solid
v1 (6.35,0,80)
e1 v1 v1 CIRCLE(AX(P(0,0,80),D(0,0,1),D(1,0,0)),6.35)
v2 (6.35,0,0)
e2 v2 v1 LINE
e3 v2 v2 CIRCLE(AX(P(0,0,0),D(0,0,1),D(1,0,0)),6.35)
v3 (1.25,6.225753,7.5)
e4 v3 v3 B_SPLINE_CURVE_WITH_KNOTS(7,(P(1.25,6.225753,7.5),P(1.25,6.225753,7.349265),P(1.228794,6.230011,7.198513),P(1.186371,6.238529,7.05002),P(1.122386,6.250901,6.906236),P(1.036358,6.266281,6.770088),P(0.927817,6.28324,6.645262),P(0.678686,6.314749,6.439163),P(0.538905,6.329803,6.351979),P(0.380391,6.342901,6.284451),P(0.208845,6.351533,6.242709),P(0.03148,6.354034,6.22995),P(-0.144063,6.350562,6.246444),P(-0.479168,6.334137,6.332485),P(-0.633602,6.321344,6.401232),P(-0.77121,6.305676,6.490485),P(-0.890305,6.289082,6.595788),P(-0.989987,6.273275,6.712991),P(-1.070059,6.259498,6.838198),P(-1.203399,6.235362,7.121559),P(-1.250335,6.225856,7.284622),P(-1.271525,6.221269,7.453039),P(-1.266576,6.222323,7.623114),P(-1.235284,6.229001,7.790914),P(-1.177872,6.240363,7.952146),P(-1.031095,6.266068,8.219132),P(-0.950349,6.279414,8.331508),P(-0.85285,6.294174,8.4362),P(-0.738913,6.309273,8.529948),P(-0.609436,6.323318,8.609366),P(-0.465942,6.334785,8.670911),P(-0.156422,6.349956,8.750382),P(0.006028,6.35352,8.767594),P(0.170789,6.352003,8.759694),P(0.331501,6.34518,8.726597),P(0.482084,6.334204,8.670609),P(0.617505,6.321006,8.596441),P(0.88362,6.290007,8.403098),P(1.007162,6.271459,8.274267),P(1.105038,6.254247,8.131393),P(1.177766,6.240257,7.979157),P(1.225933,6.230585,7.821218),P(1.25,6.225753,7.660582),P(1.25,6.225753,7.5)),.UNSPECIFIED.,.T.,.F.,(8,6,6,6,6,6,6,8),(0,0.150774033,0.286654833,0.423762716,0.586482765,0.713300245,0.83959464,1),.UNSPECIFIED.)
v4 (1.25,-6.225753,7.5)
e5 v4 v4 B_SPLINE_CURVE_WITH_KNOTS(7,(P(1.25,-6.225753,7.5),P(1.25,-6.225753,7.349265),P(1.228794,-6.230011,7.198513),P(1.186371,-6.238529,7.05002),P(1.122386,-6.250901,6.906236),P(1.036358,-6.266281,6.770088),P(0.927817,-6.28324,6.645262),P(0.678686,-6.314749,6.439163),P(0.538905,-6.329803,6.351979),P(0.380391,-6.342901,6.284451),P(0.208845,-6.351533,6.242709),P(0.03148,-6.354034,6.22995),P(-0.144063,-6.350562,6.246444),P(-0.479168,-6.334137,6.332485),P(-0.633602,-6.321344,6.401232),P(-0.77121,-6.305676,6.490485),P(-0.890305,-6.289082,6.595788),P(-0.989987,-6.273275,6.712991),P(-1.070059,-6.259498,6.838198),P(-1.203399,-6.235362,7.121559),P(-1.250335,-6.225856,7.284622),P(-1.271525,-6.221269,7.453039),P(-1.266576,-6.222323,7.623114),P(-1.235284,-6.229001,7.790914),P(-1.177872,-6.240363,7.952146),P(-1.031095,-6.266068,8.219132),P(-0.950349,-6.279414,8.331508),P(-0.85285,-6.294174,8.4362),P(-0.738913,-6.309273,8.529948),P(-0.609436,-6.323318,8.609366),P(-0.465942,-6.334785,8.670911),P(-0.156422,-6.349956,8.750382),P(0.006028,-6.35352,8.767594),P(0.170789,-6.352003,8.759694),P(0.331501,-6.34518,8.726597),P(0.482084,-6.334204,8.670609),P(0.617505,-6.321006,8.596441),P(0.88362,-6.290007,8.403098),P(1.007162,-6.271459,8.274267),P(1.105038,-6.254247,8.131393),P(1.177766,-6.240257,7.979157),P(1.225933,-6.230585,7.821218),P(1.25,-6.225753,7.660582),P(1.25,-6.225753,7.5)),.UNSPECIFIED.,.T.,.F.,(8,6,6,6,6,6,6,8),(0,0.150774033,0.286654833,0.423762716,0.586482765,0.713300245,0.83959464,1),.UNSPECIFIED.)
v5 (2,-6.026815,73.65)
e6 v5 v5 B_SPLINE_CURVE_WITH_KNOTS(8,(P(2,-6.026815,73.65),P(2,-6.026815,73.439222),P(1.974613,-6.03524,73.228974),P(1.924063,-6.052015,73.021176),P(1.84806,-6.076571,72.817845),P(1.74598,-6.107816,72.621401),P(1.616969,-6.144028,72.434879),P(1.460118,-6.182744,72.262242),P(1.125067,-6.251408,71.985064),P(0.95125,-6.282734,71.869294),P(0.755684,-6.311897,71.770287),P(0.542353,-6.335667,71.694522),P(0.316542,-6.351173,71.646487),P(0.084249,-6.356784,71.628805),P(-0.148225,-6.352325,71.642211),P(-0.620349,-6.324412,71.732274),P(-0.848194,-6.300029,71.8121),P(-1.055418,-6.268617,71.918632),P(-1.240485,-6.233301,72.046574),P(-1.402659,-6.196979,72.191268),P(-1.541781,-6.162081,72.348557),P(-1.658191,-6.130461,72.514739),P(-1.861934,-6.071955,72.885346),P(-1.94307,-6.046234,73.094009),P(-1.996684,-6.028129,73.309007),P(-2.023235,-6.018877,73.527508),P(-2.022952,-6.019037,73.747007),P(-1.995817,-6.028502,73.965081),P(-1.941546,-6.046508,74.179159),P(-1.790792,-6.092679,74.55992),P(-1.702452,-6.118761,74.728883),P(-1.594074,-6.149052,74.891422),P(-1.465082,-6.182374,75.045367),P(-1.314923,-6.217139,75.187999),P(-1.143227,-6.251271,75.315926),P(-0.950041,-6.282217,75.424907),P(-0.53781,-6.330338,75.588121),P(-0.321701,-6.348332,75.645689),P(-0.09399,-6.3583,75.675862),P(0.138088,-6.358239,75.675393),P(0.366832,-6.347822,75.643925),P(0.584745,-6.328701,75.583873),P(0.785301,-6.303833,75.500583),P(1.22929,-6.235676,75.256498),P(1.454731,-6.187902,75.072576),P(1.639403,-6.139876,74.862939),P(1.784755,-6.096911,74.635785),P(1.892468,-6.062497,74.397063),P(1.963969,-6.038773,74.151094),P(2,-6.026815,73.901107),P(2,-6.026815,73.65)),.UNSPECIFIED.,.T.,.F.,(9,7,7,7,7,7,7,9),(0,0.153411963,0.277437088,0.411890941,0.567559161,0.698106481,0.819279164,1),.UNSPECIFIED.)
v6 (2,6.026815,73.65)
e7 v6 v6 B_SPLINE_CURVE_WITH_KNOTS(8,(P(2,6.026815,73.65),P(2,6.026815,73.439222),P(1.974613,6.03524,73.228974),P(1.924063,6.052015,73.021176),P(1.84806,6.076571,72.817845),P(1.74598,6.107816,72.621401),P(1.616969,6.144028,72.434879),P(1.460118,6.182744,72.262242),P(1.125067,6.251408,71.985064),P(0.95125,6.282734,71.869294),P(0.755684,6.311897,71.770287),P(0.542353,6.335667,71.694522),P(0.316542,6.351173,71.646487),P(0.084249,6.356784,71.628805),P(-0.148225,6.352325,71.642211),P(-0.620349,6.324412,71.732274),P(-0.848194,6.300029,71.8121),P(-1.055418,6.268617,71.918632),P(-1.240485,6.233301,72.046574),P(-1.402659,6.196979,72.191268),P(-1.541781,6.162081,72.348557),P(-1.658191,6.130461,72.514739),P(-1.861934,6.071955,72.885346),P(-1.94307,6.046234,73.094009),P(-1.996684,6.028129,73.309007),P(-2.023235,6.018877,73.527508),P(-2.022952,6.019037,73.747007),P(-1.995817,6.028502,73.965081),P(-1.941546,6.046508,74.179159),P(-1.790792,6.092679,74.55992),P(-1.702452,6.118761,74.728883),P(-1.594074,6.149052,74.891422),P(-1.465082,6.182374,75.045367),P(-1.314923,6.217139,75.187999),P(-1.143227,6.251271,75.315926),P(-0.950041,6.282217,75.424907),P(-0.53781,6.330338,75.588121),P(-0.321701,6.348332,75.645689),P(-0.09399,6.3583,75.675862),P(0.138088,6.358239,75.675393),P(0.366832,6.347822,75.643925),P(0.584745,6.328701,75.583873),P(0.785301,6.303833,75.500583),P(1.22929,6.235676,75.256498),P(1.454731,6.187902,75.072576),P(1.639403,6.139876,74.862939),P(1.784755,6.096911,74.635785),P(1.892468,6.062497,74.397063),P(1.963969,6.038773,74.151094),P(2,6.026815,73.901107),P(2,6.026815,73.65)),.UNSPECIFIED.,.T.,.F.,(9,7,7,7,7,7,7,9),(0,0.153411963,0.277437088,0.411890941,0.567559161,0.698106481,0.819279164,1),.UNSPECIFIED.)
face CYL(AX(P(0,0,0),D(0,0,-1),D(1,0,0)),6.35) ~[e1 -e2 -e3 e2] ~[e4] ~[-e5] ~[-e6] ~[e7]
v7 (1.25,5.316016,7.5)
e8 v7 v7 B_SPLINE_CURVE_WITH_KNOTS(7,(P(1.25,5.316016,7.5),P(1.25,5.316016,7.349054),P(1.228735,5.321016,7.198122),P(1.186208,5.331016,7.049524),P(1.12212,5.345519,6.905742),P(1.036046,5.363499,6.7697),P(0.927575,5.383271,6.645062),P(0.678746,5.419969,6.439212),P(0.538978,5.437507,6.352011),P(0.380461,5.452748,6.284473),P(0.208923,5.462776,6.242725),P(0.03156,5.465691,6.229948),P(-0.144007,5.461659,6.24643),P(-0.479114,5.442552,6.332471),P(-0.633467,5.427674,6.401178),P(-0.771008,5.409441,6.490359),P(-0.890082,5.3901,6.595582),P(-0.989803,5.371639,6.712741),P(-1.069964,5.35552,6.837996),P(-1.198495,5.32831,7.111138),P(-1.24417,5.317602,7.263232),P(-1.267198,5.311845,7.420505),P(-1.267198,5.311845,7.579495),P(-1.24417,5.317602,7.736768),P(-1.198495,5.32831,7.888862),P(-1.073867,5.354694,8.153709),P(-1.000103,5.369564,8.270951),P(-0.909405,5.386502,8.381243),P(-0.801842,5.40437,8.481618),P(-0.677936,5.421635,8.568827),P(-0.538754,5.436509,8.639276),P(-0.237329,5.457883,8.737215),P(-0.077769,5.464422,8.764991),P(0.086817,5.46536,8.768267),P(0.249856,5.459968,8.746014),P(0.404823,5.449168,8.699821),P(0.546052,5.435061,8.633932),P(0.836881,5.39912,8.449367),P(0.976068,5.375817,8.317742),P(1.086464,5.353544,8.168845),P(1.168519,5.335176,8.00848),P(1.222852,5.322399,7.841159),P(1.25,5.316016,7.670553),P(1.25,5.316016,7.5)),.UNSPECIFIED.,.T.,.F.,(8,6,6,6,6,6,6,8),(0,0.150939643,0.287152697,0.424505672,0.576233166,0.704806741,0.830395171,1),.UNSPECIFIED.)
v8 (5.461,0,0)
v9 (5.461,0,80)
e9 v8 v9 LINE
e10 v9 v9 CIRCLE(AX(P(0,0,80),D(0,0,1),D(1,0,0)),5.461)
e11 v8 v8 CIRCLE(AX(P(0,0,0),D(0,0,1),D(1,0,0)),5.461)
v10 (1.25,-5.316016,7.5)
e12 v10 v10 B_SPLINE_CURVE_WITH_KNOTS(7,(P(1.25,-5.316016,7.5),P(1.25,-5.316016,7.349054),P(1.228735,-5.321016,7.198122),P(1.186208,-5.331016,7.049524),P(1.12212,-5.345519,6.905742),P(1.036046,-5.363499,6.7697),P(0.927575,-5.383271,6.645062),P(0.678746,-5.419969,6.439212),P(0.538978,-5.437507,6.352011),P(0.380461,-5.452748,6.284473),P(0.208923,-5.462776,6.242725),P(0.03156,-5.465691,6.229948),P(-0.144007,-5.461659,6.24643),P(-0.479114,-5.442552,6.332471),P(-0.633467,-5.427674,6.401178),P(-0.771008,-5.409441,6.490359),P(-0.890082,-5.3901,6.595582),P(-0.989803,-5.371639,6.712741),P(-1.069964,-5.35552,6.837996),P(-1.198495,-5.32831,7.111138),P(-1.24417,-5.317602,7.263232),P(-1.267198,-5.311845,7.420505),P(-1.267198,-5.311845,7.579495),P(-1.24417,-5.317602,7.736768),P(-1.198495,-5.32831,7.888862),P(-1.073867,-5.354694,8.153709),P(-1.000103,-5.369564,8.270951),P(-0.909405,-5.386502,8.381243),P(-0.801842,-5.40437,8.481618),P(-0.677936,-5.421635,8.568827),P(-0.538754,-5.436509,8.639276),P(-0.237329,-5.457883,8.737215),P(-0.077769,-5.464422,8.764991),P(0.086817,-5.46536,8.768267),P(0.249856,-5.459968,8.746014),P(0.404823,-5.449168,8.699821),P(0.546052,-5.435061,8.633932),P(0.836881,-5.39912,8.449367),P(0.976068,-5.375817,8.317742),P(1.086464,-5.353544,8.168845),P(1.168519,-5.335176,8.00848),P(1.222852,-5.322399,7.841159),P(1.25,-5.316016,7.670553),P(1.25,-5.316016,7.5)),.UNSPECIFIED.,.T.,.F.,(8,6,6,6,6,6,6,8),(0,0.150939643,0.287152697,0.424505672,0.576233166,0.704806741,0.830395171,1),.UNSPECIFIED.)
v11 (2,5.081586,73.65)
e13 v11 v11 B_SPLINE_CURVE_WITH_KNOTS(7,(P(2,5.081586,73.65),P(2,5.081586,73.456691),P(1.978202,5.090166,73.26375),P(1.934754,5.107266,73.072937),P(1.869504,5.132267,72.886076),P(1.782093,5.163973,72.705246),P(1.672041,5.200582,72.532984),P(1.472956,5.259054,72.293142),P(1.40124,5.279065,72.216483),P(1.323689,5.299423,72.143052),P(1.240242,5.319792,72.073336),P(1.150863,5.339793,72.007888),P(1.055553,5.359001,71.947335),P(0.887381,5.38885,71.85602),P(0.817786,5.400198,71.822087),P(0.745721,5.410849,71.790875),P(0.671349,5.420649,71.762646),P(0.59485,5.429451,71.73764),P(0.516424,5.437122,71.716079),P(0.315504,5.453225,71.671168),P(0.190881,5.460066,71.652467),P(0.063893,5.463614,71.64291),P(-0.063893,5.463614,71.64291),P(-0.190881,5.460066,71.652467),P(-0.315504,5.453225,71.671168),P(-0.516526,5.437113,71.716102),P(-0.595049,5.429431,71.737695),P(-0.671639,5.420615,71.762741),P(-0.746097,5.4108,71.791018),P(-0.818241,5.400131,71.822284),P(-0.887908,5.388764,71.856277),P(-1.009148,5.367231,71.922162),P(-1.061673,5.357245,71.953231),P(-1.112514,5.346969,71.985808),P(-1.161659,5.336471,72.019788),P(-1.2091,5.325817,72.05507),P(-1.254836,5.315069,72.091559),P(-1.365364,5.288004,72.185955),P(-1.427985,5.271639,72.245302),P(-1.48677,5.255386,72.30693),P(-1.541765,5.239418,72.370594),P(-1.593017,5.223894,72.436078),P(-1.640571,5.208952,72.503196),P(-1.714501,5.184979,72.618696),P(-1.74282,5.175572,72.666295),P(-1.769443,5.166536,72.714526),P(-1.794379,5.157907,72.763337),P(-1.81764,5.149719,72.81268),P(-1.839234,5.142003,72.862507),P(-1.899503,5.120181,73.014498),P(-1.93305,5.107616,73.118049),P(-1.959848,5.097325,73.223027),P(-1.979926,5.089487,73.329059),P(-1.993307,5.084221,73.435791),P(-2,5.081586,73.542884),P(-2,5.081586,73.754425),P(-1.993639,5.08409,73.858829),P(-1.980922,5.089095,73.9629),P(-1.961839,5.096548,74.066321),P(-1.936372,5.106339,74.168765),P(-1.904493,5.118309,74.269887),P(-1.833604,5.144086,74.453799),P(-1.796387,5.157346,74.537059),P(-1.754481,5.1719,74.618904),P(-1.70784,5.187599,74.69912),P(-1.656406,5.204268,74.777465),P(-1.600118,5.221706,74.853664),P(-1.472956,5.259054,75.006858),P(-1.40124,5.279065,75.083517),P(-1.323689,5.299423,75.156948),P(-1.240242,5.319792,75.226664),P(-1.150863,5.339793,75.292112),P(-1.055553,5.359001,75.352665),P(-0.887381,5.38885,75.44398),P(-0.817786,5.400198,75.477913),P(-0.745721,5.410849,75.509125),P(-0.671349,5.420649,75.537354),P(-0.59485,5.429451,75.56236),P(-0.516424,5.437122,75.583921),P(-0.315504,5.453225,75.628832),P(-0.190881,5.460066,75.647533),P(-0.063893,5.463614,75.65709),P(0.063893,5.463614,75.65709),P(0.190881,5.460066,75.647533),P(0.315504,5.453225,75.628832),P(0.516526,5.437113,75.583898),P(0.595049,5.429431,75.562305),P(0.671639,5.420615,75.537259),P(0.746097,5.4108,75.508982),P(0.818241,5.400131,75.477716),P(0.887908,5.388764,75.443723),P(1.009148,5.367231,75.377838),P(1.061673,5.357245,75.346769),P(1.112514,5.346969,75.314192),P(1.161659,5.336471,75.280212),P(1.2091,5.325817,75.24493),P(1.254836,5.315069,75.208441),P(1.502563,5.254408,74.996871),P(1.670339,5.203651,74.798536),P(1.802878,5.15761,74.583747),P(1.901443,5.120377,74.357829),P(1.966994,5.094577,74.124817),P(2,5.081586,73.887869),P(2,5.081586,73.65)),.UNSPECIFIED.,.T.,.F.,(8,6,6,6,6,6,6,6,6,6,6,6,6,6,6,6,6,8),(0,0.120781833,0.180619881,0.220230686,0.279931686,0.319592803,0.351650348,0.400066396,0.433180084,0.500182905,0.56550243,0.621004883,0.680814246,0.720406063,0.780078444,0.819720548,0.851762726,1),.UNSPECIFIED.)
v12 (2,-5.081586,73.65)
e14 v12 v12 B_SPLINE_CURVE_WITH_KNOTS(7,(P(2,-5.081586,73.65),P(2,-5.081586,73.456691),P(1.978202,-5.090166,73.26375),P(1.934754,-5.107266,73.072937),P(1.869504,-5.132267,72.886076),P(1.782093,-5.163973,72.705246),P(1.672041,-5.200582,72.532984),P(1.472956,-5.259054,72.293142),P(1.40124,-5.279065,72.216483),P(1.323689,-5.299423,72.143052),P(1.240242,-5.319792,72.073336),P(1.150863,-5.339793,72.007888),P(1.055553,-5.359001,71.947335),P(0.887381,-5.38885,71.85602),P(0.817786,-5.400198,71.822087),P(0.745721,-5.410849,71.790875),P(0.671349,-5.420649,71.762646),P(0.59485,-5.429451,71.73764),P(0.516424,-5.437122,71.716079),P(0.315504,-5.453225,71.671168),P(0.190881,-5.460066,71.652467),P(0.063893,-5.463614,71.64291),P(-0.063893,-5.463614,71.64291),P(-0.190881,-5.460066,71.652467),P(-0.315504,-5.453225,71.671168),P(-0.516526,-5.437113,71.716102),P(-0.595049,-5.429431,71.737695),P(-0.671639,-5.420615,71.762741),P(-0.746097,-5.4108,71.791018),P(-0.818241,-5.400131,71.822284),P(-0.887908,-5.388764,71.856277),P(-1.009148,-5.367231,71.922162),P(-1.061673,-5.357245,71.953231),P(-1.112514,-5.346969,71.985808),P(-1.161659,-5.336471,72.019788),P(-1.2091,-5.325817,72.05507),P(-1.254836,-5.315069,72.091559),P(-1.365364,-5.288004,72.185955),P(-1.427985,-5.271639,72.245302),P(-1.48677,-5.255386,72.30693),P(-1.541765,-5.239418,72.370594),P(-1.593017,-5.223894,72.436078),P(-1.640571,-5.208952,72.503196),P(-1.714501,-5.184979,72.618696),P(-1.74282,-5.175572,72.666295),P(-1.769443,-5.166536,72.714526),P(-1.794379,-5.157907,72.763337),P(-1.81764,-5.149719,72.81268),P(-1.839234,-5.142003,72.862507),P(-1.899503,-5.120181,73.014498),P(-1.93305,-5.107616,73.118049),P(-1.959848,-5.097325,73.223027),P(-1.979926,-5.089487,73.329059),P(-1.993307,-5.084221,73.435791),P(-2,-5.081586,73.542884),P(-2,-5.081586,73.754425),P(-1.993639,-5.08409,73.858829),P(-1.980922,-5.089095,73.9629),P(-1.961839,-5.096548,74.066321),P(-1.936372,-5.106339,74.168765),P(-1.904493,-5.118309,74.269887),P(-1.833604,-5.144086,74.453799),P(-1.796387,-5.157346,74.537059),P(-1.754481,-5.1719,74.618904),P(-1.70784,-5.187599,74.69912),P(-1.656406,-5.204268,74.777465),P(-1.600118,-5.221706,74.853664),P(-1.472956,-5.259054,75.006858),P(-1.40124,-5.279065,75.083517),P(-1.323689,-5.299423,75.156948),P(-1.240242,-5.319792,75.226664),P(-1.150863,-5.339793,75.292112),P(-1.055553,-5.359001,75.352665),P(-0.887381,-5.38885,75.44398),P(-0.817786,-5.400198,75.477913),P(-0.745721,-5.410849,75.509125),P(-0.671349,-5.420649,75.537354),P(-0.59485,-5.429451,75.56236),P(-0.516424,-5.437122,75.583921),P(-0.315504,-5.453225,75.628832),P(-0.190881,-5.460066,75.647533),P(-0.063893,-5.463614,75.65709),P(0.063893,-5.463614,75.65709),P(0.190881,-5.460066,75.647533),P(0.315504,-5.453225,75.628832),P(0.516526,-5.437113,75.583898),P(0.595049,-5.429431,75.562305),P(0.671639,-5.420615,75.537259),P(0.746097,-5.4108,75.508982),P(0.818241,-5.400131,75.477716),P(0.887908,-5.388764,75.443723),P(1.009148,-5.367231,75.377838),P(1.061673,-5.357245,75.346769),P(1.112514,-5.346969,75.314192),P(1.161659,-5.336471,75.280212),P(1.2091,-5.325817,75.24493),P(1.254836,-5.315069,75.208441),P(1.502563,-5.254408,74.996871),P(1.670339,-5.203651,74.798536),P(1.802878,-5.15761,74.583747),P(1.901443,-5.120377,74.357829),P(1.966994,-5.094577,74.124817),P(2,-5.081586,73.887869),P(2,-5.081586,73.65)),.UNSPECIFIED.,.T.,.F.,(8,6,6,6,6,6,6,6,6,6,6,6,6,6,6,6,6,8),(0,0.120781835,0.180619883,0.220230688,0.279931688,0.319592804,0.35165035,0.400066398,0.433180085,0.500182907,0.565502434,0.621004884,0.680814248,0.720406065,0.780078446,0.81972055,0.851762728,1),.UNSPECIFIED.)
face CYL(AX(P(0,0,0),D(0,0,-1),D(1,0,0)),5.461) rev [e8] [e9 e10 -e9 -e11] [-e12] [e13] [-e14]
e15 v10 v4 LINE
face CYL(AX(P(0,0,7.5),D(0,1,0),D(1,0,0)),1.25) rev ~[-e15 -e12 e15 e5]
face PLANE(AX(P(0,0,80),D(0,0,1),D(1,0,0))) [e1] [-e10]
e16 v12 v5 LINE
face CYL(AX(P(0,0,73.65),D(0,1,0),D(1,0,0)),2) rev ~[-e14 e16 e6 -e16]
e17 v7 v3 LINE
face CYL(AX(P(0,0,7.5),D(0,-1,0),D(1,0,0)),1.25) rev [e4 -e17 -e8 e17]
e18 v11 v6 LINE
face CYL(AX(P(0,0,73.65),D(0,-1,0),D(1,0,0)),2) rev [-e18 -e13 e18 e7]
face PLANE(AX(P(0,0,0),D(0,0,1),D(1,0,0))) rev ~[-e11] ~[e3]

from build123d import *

# Parameters (mm, degrees)
SKETCH1_R               = 6.35
SKETCH1_R_2             = 5.461
EXTRUDE1_DEPTH          = 80
CUT_EXTRUDE1_DEPTH      = 38.1
CUT_EXTRUDE1_DEPTH_BACK = 38.1
SKETCH2_R               = 1.25
SKETCH2_R_2             = 2


with BuildPart() as part:
    # Sketch1 → Extrude1 (new body)
    with BuildSketch(Plane.XY):
        Circle(SKETCH1_R)
        Circle(SKETCH1_R_2, mode=Mode.SUBTRACT)
    extrude(amount=EXTRUDE1_DEPTH)

    # Sketch2 → Cut-Extrude1 (cut, two sides: drawn at the far end of the back side and taken through both)
    with BuildSketch(Plane(origin=(0, 0, 0), x_dir=(1, 0, 0), z_dir=(0, 1, 0)).offset(-CUT_EXTRUDE1_DEPTH_BACK)):
        with Locations((0, -7.5)):
            Circle(SKETCH2_R)
        with Locations((0, -73.65)):
            Circle(SKETCH2_R_2)
    extrude(amount=CUT_EXTRUDE1_DEPTH + CUT_EXTRUDE1_DEPTH_BACK, mode=Mode.SUBTRACT)


solid = part.part
